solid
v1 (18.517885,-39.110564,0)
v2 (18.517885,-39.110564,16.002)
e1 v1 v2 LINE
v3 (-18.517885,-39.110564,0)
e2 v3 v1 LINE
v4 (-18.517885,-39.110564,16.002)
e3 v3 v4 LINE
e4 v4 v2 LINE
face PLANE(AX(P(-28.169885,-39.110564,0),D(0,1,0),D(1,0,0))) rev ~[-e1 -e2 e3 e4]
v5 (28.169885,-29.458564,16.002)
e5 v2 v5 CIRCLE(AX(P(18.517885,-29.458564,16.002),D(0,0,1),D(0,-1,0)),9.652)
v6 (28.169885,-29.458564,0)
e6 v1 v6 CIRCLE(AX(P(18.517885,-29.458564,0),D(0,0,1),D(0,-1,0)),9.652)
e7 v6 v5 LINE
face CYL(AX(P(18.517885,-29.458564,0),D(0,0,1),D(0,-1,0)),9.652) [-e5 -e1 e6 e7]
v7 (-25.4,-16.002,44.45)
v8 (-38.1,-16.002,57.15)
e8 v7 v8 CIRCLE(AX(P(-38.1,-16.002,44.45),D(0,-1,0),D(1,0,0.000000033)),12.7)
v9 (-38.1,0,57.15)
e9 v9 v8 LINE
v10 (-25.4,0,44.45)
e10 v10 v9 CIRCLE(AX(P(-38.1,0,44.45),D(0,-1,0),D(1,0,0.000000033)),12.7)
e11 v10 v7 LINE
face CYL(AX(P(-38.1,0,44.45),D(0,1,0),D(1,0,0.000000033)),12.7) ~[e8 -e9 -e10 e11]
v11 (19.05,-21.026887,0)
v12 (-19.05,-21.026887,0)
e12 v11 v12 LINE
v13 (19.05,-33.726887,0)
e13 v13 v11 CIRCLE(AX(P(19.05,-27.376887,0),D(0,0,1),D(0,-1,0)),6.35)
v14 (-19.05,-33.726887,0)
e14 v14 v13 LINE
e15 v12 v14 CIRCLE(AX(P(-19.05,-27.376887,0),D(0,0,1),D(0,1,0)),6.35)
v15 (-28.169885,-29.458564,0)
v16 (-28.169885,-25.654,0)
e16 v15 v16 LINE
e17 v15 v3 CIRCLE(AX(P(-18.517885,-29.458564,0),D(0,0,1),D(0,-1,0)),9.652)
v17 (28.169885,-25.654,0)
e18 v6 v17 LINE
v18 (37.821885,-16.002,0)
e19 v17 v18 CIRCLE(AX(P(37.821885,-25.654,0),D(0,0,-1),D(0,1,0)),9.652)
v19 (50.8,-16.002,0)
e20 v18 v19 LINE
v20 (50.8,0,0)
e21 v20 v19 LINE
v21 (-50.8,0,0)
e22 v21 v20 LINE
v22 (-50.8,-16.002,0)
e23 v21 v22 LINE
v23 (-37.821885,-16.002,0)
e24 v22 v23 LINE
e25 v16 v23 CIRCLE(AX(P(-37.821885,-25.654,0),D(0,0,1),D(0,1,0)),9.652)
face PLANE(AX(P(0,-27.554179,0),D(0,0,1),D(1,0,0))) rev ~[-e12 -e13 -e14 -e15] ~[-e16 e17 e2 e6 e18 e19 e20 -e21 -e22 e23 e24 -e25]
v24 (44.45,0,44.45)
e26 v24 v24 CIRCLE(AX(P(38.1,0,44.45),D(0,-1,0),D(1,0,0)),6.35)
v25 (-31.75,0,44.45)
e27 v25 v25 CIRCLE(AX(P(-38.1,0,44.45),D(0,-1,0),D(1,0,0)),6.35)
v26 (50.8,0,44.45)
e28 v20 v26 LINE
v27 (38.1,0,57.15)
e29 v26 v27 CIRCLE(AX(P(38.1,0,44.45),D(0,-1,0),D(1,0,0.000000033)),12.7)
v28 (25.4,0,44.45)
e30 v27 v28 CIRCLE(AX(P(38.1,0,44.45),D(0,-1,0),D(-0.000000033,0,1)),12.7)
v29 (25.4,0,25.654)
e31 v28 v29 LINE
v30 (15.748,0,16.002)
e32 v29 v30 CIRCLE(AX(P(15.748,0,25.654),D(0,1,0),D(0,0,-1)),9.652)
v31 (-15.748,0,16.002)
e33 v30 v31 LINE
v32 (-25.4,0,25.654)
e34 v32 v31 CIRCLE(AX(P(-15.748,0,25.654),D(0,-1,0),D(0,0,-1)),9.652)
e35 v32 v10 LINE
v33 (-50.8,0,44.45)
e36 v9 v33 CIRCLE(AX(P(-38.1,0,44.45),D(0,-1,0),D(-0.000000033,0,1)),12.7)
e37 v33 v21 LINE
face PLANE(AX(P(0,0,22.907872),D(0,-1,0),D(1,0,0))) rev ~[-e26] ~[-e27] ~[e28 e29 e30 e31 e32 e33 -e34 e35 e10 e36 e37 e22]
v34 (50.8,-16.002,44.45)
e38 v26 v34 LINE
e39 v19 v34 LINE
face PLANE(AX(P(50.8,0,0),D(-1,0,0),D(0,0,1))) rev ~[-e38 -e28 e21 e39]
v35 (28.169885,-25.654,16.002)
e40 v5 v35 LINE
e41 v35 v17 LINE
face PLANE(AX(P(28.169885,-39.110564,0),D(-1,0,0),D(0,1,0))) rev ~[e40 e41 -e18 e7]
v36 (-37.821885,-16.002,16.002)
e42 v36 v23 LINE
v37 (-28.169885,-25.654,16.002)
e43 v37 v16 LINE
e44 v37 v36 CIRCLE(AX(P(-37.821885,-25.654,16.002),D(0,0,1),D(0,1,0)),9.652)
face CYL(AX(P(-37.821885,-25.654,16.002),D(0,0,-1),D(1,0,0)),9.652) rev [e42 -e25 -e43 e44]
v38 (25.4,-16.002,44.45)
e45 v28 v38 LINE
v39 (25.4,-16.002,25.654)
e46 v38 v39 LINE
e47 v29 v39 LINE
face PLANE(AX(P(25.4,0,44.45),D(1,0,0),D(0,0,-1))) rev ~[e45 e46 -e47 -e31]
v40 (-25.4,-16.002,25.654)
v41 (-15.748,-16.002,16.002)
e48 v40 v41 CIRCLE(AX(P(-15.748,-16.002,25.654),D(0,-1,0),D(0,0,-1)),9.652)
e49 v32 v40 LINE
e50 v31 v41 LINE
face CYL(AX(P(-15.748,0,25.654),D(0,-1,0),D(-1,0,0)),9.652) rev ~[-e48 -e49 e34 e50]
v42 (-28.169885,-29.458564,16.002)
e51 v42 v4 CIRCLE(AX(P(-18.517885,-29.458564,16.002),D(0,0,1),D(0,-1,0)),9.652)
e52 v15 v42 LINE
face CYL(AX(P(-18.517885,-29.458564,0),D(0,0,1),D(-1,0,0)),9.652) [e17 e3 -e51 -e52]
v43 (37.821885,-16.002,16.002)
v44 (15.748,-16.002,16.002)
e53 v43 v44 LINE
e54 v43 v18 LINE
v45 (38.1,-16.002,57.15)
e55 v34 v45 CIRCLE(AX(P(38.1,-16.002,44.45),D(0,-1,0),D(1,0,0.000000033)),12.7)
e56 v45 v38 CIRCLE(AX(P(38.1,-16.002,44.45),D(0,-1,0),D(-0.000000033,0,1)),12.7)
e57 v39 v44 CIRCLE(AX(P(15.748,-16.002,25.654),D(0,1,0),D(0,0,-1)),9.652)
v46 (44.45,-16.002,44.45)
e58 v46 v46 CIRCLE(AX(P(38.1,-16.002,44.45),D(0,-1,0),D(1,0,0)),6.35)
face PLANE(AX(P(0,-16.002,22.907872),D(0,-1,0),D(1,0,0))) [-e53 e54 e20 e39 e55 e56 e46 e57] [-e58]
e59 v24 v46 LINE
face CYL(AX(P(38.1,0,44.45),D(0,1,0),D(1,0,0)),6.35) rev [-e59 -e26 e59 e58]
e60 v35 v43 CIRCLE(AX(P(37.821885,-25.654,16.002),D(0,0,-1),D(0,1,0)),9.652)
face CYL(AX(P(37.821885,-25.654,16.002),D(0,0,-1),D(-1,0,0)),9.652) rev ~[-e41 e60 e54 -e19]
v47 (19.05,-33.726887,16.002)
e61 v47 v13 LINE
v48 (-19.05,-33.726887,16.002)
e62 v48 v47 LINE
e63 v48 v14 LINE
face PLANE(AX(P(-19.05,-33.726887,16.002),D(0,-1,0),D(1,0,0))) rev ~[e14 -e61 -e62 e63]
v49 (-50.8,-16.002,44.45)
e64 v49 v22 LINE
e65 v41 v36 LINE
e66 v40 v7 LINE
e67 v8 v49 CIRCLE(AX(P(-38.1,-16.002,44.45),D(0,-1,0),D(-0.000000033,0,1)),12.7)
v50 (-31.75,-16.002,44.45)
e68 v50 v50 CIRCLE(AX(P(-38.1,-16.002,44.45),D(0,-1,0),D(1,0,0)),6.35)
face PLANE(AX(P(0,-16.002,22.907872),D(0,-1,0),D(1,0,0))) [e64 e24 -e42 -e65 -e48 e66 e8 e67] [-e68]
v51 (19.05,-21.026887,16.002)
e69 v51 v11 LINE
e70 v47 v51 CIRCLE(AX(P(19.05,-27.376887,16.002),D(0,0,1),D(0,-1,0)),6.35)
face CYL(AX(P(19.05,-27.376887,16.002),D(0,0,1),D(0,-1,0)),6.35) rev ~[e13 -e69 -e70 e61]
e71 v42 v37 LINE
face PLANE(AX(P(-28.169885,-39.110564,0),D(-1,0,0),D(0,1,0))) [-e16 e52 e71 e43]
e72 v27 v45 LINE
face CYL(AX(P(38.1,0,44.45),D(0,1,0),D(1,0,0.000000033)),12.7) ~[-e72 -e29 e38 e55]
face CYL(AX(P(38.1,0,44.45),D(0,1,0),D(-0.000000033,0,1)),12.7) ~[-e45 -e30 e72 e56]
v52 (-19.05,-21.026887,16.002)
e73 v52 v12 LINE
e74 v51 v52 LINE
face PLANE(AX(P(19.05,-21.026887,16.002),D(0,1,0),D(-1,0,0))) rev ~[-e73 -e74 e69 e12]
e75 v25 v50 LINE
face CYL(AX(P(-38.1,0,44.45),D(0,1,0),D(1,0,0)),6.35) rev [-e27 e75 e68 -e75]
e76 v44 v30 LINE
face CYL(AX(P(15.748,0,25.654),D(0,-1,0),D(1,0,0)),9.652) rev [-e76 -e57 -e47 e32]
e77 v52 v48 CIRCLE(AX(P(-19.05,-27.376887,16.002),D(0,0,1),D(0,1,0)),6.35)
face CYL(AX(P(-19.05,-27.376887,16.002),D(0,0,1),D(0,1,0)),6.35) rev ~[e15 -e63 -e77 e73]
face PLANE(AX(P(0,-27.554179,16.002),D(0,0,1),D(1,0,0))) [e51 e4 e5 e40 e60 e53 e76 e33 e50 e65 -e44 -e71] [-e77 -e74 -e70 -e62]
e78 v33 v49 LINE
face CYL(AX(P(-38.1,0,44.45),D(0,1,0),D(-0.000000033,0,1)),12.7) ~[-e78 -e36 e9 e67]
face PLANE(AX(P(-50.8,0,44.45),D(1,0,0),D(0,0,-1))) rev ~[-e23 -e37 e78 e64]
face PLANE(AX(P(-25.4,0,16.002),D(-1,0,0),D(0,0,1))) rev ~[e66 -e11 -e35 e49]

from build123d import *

# Parameters (mm, degrees)
F0_R     = 6.35
F1_DEPTH = 16.002
F2_DEPTH = 16.002
F3_R     = 9.652
F4_W     = 56.33977
F4_H     = 23.11277
F5_DEPTH = 16.002
F7_R     = 9.652
F8_DEPTH = 16.003


with BuildPart() as f1:
    # F0 (on Front) → F1 (new body)
    with BuildSketch(Plane.XZ):
        with BuildLine():
            Line((-50.8, 0), (0, 0))
            Line((0, 0), (50.8, 0))
            Line((50.8, 0), (50.8, 44.45))
            ThreePointArc((50.8, 44.45), (47.080256, 53.430256), (38.1, 57.15))
            ThreePointArc((38.1, 57.15), (29.119744, 53.430256), (25.4, 44.45))
            Line((25.4, 44.45), (25.4, 16.002))
            Line((25.4, 16.002), (0, 16.002))
            Line((0, 16.002), (-25.4, 16.002))
            Line((-25.4, 16.002), (-25.4, 44.45))
            ThreePointArc((-25.4, 44.45), (-29.119744, 53.430256), (-38.1, 57.15))
            ThreePointArc((-38.1, 57.15), (-47.080256, 53.430256), (-50.8, 44.45))
            Line((-50.8, 44.45), (-50.8, 0))
        make_face()
        with Locations((-38.1, 44.45)):
            Circle(F0_R, mode=Mode.SUBTRACT)
        with Locations((38.1, 44.45)):
            Circle(F0_R, mode=Mode.SUBTRACT)
    extrude(amount=F1_DEPTH)

    # F0 (on Front) → F2 (join)
    with BuildSketch(Plane.XZ):
        with BuildLine():
            Line((-50.8, 0), (0, 0))
            Line((0, 0), (50.8, 0))
            Line((50.8, 0), (50.8, 44.45))
            ThreePointArc((50.8, 44.45), (47.080256, 53.430256), (38.1, 57.15))
            ThreePointArc((38.1, 57.15), (29.119744, 53.430256), (25.4, 44.45))
            Line((25.4, 44.45), (25.4, 16.002))
            Line((25.4, 16.002), (0, 16.002))
            Line((0, 16.002), (-25.4, 16.002))
            Line((-25.4, 16.002), (-25.4, 44.45))
            ThreePointArc((-25.4, 44.45), (-29.119744, 53.430256), (-38.1, 57.15))
            ThreePointArc((-38.1, 57.15), (-47.080256, 53.430256), (-50.8, 44.45))
            Line((-50.8, 44.45), (-50.8, 0))
        make_face()
        with Locations((-38.1, 44.45)):
            Circle(F0_R, mode=Mode.SUBTRACT)
        with Locations((38.1, 44.45)):
            Circle(F0_R, mode=Mode.SUBTRACT)
    extrude(amount=F2_DEPTH)

    # F3
    f3_edges = [f1.edges().sort_by_distance(p)[0] for p in [
        (-25.4, -8.001, 16.002),
        (25.4, -8.001, 16.002),
    ]]
    fillet(f3_edges, radius=F3_R)

    # F4 (on Top) → F5 (join)
    with BuildSketch(Plane.XY):
        with Locations((0, -27.554179)):
            Rectangle(F4_W, F4_H)
    extrude(amount=F5_DEPTH)

    # F7
    f7_edges = [f1.edges().sort_by_distance(p)[0] for p in [
        (28.169885, -39.110564, 8.001),
        (-28.169885, -39.110564, 8.001),
        (28.169885, -16.002, 8.001),
        (-28.169885, -16.002, 8.001),
    ]]
    fillet(f7_edges, radius=F7_R)

    # F6 (on face) → F8 (cut, through all)
    with BuildSketch(Plane.XY.offset(16.002)):
        with BuildLine():
            Line((19.05, -21.026887), (0, -21.026887))
            Line((0, -21.026887), (-19.05, -21.026887))
            ThreePointArc((-19.05, -21.026887), (-25.4, -27.376887), (-19.05, -33.726887))
            Line((-19.05, -33.726887), (0, -33.726887))
            Line((0, -33.726887), (19.05, -33.726887))
            ThreePointArc((19.05, -33.726887), (25.4, -27.376887), (19.05, -21.026887))
        make_face()
    extrude(amount=-F8_DEPTH, mode=Mode.SUBTRACT)


solid = f1.part
